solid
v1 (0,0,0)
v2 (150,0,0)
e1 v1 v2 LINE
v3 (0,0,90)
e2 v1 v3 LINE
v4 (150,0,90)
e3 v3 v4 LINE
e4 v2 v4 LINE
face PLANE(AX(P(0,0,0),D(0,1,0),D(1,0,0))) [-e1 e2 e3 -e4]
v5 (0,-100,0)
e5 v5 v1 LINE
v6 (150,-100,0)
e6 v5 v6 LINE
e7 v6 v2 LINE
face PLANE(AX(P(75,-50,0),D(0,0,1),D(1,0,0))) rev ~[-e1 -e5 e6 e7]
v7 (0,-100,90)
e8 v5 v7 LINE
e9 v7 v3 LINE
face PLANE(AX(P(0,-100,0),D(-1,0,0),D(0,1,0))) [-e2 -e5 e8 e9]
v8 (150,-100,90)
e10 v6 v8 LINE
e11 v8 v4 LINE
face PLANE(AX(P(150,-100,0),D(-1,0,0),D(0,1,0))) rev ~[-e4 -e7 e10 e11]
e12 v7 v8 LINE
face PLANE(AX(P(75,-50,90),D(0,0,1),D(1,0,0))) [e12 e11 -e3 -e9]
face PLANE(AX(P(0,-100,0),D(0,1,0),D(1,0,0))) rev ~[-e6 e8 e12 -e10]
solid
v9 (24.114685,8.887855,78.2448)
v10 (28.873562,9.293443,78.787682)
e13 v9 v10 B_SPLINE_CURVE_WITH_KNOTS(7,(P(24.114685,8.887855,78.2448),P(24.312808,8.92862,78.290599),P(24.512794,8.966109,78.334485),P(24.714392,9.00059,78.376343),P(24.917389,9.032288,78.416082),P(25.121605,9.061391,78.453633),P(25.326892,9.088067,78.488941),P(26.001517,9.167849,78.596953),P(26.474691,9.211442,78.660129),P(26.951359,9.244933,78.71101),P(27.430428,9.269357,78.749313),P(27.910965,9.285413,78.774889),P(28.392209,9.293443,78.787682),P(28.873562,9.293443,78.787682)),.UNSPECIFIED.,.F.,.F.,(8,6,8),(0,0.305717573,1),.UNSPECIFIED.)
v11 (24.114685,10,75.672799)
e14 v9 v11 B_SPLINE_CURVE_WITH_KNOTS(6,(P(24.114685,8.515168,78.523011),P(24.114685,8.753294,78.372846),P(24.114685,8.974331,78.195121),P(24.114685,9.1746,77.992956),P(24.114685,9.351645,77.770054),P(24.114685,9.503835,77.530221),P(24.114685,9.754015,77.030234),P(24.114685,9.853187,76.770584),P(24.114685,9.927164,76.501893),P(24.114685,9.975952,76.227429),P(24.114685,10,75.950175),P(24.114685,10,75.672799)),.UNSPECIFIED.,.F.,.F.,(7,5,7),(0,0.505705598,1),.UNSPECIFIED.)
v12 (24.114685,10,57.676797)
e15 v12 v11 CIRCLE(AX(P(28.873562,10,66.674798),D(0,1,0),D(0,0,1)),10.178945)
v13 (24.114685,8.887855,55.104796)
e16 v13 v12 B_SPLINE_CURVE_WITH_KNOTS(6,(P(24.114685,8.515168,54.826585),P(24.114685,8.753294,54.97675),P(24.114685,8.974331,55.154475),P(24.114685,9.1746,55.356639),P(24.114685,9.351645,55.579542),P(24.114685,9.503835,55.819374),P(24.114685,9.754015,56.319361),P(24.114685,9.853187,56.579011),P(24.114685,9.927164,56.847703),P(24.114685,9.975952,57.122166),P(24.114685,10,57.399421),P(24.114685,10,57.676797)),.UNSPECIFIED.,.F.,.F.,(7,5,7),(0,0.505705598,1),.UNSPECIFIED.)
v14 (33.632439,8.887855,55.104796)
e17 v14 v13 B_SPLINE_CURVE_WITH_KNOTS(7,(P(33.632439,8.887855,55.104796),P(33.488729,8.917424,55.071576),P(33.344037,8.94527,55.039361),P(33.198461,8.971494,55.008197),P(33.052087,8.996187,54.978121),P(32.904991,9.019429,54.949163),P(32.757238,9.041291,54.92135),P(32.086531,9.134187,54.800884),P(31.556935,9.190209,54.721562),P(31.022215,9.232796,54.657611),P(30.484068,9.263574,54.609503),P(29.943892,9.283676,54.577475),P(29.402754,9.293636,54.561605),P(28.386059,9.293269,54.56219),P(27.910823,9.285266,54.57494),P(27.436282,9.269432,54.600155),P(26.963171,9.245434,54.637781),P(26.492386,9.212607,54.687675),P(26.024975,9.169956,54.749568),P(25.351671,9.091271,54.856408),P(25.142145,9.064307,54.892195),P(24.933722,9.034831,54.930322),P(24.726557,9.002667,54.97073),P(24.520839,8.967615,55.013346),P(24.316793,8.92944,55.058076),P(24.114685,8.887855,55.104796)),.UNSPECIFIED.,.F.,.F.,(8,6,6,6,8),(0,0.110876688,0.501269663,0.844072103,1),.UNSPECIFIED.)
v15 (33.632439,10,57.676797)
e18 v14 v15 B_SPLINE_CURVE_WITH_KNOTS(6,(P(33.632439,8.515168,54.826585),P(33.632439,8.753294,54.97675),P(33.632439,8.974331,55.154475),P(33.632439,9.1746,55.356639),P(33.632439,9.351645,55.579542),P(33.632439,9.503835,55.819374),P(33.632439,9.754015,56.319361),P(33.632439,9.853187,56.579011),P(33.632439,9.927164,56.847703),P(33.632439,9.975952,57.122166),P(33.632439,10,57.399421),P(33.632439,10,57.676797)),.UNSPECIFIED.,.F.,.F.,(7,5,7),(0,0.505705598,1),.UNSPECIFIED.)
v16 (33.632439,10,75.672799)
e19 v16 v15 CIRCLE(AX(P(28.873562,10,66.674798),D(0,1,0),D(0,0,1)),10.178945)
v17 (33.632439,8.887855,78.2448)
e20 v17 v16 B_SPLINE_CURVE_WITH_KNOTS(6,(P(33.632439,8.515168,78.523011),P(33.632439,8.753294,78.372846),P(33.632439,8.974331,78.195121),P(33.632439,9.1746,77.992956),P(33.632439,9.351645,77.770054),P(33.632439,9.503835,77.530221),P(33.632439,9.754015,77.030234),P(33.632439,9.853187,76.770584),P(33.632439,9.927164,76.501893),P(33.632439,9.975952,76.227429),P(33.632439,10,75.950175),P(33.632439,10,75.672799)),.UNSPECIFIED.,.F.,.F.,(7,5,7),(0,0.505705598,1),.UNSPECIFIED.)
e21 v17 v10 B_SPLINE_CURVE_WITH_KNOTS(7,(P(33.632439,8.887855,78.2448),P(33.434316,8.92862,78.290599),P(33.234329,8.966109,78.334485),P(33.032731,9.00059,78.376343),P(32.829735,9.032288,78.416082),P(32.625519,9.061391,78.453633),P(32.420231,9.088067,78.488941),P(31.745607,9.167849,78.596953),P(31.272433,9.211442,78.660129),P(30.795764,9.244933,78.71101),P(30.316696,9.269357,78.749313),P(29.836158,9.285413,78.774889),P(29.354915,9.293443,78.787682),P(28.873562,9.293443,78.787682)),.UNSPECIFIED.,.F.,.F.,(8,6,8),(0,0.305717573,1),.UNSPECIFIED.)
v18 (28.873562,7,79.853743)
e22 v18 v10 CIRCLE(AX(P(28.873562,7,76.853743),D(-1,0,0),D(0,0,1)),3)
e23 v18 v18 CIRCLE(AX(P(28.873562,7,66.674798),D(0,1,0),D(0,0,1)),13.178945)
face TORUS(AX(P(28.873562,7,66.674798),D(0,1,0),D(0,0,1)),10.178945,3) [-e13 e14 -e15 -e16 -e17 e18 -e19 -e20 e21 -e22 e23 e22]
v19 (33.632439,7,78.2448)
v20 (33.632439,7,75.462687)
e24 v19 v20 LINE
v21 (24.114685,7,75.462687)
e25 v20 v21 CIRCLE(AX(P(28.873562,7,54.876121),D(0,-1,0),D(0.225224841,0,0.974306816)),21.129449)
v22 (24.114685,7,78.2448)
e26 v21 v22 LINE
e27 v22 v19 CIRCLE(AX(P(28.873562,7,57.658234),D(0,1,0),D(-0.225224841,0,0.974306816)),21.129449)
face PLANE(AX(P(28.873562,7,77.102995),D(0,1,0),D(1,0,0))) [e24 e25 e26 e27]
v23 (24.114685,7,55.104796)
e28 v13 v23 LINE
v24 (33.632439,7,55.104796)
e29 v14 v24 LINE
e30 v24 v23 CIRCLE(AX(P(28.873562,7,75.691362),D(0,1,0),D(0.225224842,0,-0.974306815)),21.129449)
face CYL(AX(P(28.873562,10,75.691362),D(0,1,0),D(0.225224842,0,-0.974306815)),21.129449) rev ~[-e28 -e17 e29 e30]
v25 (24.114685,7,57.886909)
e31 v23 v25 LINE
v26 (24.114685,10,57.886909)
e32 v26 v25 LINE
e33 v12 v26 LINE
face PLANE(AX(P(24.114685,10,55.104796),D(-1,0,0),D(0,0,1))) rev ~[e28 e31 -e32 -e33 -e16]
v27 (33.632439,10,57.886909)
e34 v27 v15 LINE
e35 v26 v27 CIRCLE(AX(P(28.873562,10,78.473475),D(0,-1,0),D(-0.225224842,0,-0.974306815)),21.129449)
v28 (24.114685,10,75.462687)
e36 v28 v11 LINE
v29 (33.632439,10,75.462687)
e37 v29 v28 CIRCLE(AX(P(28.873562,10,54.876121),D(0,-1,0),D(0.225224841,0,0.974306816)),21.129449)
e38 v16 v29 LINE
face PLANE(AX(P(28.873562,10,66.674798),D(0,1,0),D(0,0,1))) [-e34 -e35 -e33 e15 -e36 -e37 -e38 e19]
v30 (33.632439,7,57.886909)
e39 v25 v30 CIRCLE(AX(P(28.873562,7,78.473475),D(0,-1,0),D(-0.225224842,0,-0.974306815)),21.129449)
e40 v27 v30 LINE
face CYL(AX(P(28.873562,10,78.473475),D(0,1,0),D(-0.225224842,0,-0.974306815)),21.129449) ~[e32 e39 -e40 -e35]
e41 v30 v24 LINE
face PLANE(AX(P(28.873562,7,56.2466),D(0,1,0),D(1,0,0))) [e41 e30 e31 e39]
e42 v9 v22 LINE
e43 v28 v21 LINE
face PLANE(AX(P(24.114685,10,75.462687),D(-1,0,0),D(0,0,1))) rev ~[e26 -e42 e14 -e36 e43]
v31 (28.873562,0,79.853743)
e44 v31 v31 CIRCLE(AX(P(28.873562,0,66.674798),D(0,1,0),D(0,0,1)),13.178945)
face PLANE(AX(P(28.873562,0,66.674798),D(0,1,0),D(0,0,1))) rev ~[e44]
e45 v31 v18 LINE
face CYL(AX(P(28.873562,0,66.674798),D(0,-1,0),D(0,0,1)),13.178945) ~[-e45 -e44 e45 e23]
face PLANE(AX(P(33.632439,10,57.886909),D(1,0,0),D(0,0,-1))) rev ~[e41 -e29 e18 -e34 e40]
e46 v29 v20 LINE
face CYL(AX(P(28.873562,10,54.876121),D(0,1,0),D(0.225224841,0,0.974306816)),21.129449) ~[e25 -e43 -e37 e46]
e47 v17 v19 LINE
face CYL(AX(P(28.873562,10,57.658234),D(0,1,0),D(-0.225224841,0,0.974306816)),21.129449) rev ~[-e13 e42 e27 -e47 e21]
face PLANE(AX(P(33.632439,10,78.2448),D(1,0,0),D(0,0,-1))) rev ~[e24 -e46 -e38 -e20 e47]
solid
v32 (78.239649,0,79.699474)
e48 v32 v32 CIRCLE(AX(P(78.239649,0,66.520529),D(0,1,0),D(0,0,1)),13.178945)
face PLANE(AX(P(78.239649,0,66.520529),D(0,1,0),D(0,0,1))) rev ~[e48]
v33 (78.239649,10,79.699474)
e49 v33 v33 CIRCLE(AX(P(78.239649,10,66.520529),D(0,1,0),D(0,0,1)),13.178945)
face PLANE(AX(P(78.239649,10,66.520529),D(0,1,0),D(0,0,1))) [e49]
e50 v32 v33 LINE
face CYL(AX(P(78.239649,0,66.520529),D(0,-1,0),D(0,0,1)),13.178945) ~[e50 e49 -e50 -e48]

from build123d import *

# Parameters (mm, degrees)
ESQUISSE1_W             = 150
ESQUISSE1_H             = 100
BOSS_EXTRU_1_DEPTH      = 90
ESQUISSE2_R             = 13.17894546
BOSS_EXTRU_2_DEPTH      = 10
BOSS_EXTRU_2_2_DEPTH    = 10
CONG_1_R                = 3
ENL_V_MAT_EXTRU_3_DEPTH = 3


with BuildPart() as part:
    # Esquisse1 → Boss.-Extru.1 (new body)
    with BuildSketch(Plane.XY):
        with Locations((75, -50)):
            Rectangle(ESQUISSE1_W, ESQUISSE1_H)
    extrude(amount=BOSS_EXTRU_1_DEPTH)


with BuildPart() as body_2:
    # Esquisse2 → Boss.-Extru.2 (new body)
    with BuildSketch(Plane(origin=(0, 0, 0), x_dir=(1, 0, 0), z_dir=(0, 1, 0))):
        with Locations(Location((28.873561902, -66.674797835, 0), (0, 0, 270))):
            Circle(ESQUISSE2_R)
    extrude(amount=BOSS_EXTRU_2_DEPTH)

    # Congé1
    cong_1_edges = [body_2.edges().sort_by_distance(p)[0] for p in [
        (28.873561902, 10, 53.495852375),
    ]]
    fillet(cong_1_edges, radius=CONG_1_R)

    # Esquisse3 → Enlèv. mat.-Extru.3 (cut)
    with BuildSketch(Plane(origin=(0, 10, 0), x_dir=(1, 0, 0), z_dir=(0, 1, 0))):
        with BuildLine():
            Line((24.11468515, -75.462687014), (24.11468515, -78.244799577))
            ThreePointArc((24.11468515, -78.244799577), (28.873561902, -78.787682402), (33.632438654, -78.244799577))
            Line((33.632438654, -78.244799577), (33.632438654, -75.462687014))
            ThreePointArc((33.632438654, -75.462687014), (28.873561902, -76.005569839), (24.11468515, -75.462687014))
        make_face()
        with BuildLine():
            Line((33.632438654, -57.886908657), (33.632438654, -55.104796094))
            ThreePointArc((33.632438654, -55.104796094), (28.873561902, -54.561913268), (24.11468515, -55.104796094))
            Line((24.11468515, -55.104796094), (24.11468515, -57.886908657))
            ThreePointArc((24.11468515, -57.886908657), (28.873561902, -57.344025831), (33.632438654, -57.886908657))
        make_face()
    extrude(amount=-ENL_V_MAT_EXTRU_3_DEPTH, mode=Mode.SUBTRACT)


with BuildPart() as body_3:
    # Esquisse2 → Boss.-Extru.2 2 (new body)
    with BuildSketch(Plane(origin=(0, 0, 0), x_dir=(1, 0, 0), z_dir=(0, 1, 0))):
        with Locations(Location((78.239649499, -66.520528812, 0), (0, 0, 270))):
            Circle(ESQUISSE2_R)
    extrude(amount=BOSS_EXTRU_2_2_DEPTH)


solid = Compound([part.part, body_2.part, body_3.part])
